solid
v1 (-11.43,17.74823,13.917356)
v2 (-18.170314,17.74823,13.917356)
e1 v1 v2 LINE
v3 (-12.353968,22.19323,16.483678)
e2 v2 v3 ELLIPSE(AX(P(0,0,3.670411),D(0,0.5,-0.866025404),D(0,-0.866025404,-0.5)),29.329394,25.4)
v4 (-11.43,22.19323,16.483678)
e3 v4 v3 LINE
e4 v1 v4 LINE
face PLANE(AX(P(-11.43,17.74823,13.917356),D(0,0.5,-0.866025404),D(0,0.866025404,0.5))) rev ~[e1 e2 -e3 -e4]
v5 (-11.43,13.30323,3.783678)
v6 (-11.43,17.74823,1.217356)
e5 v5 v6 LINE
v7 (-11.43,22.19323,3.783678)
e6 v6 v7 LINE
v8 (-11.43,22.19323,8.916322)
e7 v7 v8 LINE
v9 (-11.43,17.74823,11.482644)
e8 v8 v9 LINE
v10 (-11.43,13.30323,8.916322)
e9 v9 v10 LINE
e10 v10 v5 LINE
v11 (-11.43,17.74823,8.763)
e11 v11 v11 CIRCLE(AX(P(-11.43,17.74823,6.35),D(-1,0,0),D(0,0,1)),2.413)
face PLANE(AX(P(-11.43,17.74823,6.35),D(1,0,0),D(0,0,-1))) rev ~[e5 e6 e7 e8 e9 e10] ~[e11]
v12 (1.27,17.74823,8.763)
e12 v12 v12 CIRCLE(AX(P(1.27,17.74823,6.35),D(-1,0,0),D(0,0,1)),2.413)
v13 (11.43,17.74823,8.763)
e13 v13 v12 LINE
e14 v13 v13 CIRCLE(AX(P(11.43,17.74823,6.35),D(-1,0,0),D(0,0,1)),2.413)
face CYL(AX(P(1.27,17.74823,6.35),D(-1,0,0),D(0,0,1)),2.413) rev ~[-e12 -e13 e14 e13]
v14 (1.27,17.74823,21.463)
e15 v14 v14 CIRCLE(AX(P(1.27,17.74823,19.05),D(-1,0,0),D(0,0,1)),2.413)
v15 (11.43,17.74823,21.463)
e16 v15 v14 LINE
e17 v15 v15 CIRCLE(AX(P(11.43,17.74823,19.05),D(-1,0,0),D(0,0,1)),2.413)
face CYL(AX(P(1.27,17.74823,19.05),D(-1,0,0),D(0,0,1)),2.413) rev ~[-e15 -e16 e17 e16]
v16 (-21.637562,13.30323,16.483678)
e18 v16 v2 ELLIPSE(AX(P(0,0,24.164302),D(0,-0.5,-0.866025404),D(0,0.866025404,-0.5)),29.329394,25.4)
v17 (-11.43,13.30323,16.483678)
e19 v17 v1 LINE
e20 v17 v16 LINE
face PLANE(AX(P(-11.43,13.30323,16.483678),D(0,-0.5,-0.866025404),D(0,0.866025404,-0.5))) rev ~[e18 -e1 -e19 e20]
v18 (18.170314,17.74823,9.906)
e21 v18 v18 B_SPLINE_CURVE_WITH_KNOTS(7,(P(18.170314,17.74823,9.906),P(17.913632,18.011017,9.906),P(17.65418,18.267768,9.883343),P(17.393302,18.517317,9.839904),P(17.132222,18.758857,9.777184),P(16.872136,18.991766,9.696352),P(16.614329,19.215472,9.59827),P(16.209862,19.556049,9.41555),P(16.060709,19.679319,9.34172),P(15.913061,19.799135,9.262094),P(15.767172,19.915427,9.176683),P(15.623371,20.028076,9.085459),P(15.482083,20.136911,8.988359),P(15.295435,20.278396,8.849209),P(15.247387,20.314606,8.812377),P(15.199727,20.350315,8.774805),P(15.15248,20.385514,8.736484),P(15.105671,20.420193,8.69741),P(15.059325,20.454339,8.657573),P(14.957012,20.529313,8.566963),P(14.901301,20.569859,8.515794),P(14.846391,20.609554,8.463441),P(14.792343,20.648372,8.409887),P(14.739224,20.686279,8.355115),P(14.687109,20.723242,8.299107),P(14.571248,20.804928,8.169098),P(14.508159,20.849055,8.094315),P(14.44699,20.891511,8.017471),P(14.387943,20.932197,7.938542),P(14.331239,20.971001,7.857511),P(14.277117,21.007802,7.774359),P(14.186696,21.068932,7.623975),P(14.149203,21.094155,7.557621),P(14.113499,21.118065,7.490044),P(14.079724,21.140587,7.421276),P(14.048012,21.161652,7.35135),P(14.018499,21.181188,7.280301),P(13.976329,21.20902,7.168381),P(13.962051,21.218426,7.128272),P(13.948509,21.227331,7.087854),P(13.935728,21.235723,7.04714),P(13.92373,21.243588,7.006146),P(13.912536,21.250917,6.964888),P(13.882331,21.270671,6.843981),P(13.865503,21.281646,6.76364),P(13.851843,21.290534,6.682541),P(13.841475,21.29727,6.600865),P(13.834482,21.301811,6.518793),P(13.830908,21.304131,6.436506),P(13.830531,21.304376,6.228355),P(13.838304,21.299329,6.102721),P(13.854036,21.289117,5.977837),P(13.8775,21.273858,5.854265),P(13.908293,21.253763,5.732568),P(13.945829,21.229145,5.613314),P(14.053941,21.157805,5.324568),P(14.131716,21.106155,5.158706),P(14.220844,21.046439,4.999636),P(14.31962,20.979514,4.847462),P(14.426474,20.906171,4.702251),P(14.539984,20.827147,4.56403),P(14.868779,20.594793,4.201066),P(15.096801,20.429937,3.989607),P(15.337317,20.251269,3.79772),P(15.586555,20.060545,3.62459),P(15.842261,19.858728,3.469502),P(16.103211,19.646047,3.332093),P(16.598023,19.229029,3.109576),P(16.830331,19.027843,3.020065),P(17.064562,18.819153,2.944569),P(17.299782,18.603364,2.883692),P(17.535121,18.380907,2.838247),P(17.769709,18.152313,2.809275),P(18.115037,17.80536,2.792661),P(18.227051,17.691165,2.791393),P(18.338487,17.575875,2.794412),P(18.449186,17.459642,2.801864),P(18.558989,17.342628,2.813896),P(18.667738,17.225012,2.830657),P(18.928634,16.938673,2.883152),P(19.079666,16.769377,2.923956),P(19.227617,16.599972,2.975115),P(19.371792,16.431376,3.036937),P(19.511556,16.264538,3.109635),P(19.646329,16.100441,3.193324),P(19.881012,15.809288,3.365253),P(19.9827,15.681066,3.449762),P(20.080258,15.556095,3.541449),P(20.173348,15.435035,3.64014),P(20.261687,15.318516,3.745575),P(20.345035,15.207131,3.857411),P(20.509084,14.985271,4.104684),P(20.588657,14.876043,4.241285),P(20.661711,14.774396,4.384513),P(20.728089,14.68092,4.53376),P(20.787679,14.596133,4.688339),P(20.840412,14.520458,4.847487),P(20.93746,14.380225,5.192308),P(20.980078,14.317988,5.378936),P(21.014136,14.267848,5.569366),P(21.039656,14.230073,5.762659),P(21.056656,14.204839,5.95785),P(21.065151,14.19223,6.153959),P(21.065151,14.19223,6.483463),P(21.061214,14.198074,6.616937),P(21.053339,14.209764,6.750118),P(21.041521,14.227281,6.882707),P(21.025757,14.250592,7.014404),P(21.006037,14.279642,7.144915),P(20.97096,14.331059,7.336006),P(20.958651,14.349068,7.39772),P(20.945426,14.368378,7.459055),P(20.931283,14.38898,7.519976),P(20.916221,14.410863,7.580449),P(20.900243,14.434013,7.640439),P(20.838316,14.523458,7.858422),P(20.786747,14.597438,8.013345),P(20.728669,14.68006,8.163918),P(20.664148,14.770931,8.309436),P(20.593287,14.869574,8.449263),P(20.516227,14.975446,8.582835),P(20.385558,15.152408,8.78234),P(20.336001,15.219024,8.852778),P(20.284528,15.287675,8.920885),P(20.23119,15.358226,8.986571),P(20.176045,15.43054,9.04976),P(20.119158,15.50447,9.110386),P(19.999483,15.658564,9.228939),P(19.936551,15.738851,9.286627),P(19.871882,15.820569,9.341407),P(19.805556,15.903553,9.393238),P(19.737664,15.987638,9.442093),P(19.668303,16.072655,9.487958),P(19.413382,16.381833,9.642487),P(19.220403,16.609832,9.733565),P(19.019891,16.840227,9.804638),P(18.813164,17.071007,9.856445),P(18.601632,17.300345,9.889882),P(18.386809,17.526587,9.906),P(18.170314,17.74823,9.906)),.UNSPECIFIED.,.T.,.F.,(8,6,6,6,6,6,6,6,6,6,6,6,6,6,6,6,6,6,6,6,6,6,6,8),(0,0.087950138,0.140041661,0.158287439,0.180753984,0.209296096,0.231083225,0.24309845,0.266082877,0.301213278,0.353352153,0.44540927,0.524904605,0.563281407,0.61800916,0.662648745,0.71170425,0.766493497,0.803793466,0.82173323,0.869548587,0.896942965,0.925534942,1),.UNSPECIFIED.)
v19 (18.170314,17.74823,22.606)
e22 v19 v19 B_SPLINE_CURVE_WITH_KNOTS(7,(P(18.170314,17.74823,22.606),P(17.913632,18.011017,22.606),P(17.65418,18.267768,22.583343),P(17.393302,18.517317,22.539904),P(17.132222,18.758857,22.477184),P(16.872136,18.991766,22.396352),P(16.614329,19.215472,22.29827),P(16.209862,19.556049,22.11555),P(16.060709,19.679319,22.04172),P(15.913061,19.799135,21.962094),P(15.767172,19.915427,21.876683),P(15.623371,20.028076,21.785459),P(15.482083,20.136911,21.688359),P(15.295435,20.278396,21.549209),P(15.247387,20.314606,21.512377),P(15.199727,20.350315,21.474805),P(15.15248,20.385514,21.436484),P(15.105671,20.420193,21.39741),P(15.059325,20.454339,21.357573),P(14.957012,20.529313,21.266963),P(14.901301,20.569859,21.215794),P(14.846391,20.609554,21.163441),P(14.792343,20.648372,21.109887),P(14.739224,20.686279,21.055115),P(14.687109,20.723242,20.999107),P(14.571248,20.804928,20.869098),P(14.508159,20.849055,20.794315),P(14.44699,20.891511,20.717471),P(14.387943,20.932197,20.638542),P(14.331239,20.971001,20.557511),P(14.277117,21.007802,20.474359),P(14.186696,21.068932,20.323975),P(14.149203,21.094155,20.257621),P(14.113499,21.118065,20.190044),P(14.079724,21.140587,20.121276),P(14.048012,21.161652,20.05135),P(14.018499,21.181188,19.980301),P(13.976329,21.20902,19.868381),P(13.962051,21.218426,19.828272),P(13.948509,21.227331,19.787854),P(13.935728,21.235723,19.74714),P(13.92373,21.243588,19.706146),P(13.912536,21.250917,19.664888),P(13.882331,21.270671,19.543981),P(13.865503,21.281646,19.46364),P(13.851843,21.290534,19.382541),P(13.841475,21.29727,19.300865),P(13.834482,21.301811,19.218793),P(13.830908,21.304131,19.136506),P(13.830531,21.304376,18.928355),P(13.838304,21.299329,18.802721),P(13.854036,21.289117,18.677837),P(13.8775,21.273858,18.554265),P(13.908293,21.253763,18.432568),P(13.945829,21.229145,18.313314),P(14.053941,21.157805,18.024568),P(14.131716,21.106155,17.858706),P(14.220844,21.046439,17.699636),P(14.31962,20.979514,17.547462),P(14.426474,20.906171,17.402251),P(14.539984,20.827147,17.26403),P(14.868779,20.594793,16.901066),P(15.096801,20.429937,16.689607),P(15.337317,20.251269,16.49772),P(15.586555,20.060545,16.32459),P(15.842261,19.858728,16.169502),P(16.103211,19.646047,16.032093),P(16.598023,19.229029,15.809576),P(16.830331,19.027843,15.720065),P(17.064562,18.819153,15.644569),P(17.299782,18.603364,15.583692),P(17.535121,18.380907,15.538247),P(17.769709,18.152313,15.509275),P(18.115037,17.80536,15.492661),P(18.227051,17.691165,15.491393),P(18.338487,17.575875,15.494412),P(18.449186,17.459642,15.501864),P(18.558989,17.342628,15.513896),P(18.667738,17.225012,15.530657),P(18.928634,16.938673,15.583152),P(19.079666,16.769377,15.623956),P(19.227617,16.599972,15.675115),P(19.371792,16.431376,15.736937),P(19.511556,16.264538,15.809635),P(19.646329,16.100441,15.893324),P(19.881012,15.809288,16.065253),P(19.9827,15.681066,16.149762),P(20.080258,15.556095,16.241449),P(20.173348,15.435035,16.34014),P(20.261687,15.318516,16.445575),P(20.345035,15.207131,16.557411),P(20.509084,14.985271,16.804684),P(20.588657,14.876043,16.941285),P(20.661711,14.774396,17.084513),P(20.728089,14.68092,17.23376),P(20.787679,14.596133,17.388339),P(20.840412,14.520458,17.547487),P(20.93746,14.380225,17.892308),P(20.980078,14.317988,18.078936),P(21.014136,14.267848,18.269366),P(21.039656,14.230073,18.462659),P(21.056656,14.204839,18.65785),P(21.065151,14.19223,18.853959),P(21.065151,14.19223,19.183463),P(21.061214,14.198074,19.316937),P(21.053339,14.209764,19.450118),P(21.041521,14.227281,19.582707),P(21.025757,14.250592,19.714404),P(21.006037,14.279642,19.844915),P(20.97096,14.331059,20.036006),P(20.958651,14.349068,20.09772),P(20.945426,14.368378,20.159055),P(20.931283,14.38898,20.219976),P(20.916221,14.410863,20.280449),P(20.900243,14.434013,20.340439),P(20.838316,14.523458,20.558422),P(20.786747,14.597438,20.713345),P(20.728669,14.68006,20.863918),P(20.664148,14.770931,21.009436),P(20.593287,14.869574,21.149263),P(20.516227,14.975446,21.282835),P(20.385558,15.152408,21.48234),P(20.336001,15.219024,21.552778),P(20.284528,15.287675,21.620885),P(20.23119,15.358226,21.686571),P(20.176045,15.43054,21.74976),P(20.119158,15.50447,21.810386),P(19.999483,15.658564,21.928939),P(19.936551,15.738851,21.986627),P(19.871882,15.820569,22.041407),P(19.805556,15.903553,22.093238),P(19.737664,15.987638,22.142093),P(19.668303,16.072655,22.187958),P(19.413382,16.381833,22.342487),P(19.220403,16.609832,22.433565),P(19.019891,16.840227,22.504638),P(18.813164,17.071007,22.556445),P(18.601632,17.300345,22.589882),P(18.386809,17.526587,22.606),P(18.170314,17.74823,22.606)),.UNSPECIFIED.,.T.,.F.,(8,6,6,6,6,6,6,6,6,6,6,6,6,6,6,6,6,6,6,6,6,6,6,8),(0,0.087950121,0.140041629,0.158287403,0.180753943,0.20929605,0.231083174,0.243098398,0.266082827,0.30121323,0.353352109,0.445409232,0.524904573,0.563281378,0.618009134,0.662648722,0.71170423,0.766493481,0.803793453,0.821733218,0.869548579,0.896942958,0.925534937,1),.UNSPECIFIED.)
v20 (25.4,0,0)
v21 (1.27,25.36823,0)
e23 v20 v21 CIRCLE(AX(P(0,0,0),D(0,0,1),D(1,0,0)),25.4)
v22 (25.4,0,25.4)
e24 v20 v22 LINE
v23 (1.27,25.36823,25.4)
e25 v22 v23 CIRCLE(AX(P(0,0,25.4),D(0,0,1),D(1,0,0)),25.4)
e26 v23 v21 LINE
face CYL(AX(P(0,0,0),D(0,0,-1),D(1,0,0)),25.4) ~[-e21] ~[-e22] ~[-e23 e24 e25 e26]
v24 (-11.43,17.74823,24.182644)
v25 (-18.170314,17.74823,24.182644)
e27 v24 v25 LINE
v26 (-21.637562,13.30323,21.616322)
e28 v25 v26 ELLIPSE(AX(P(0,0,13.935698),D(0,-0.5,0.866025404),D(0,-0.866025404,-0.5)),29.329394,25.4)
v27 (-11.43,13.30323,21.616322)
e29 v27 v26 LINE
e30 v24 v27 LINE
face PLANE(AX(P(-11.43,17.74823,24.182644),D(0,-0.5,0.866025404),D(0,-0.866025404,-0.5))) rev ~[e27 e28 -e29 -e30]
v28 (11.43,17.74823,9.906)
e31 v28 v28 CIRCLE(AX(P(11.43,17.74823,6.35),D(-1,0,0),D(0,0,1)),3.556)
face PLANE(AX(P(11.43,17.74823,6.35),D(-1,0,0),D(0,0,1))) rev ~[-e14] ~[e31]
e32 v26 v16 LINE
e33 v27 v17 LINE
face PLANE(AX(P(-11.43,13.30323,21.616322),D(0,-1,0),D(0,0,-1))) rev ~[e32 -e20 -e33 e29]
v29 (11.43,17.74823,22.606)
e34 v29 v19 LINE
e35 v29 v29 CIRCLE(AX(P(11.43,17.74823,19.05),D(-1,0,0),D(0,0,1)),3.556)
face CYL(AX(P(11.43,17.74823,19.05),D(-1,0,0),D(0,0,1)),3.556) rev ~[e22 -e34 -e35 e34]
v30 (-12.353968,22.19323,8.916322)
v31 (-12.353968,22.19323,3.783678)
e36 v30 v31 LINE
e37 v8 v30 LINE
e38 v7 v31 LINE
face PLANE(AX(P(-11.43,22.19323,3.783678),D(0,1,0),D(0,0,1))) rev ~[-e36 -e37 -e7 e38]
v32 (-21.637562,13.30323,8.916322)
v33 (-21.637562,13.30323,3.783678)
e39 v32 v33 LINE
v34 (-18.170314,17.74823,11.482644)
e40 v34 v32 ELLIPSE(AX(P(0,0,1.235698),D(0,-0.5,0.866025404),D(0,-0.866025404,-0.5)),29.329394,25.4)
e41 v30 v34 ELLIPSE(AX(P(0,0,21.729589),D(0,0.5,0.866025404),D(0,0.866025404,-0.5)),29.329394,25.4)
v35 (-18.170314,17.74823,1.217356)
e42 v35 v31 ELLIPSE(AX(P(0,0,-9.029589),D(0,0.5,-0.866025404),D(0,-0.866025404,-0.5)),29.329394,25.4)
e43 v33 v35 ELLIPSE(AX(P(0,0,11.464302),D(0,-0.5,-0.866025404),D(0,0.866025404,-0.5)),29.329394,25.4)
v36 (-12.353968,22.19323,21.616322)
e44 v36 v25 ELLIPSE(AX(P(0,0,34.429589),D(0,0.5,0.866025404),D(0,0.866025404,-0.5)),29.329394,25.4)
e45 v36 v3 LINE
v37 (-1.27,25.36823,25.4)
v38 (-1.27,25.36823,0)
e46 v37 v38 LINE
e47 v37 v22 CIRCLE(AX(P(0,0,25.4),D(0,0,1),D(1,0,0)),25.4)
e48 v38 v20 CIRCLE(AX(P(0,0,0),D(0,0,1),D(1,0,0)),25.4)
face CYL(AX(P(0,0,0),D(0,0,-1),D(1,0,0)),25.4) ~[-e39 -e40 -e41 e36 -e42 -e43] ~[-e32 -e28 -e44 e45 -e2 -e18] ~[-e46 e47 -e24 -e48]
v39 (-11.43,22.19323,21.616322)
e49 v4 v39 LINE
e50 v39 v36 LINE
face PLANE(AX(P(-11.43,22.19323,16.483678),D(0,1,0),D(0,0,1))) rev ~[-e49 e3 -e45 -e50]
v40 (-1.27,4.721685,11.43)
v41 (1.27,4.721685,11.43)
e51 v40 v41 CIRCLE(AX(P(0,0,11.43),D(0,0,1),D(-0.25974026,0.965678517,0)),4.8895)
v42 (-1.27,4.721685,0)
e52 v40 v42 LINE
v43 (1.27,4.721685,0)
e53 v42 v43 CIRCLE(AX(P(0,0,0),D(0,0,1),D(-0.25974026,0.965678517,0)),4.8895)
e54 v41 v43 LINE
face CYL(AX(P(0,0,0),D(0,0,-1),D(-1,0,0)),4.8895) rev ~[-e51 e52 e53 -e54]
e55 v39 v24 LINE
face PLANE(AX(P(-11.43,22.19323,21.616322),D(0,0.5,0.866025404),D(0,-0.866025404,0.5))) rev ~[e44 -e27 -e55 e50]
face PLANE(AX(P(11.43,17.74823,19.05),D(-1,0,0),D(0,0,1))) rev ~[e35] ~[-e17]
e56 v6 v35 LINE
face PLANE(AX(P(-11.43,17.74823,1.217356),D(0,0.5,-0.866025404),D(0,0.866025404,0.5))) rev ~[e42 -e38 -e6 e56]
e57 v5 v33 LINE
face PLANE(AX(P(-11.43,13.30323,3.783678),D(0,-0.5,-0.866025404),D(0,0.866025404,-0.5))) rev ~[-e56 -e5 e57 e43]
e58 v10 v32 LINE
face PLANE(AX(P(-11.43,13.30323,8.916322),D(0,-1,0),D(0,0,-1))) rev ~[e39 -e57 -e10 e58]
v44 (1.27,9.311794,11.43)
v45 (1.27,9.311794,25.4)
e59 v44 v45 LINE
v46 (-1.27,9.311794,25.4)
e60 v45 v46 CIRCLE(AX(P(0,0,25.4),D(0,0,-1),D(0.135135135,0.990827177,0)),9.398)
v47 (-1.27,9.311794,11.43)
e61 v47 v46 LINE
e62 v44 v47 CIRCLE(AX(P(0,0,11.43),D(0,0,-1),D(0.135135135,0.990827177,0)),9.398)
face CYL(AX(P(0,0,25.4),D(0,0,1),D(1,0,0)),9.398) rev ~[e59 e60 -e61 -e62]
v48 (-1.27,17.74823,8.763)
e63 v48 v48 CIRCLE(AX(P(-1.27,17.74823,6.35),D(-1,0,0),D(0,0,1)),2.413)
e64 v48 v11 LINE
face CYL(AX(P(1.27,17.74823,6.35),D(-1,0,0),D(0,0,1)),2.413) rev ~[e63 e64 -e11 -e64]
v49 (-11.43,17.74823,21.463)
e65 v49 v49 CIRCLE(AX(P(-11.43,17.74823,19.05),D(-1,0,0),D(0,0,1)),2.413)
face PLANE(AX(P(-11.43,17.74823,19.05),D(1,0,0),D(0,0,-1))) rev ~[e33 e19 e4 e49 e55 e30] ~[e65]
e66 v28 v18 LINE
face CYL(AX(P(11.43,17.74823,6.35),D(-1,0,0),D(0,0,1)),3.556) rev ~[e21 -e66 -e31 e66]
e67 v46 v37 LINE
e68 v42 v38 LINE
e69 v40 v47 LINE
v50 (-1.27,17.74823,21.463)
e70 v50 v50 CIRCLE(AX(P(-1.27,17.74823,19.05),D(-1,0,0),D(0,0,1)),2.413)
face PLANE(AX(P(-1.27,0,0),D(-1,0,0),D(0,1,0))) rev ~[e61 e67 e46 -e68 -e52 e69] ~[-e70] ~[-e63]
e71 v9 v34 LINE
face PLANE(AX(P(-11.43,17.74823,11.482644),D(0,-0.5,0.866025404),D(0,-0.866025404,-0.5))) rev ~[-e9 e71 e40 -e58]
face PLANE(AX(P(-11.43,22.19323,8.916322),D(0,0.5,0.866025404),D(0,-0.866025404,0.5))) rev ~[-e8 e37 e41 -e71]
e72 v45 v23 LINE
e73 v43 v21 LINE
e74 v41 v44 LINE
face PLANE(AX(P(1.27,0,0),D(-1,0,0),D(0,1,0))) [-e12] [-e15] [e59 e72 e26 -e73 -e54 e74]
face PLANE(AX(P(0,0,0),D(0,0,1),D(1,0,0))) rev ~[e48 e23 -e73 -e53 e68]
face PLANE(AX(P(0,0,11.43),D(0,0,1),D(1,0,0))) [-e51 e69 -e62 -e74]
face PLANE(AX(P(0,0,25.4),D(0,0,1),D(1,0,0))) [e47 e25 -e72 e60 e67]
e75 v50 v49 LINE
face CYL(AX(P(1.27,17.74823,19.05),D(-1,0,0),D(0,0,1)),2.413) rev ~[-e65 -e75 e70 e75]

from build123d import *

# Parameters (mm, degrees)
SKETCH1_R                       = 25.4
BOSS_EXTRUDE1_DEPTH             = 25.4
SKETCH2_R                       = 4.8895
CUT_EXTRUDE1_DEPTH              = 11.43
SKETCH3_R                       = 9.398
CUT_EXTRUDE2_DEPTH              = 13.97
DIVIDE_REACH                    = 45.994
SKETCH7_W                       = 2.54
SKETCH7_H                       = 25.4
SKETCH8_R                       = 2.413
F_4_40_THROUGH_HOLE_DEPTH       = 45.739343983
SKETCH9_R                       = 3.556
F_4_40_HEAD_CLEARANCE_DEPTH     = 52.446758086
F_4_40_HEX_NUT_DEPRESSION_DEPTH = 52.446758086
LPATTERN1_COUNT                 = 2
LPATTERN1_PITCH                 = 12.7


with BuildPart() as part:
    # Sketch1 → Boss-Extrude1 (new body)
    with BuildSketch(Plane.XY):
        Circle(SKETCH1_R)
    extrude(amount=BOSS_EXTRUDE1_DEPTH)

    # Sketch2 → Cut-Extrude1 (cut)
    with BuildSketch(Plane(origin=(0, 0, 0), x_dir=(-1, 0, 0), z_dir=(0, 0, -1))):
        Circle(SKETCH2_R)
    extrude(amount=-CUT_EXTRUDE1_DEPTH, mode=Mode.SUBTRACT)

    # Sketch3 → Cut-Extrude2 (cut)
    with BuildSketch(Plane.XY.offset(25.4)):
        Circle(SKETCH3_R)
    extrude(amount=-CUT_EXTRUDE2_DEPTH, mode=Mode.SUBTRACT)

    # Sketch7 → Divide (cut, up to next)
    with BuildSketch(Plane(origin=(0, 0, 0), x_dir=(-1, 0, 0), z_dir=(0, 0, -1)), mode=Mode.PRIVATE) as divide_sk1:
        with Locations((0, 12.7)):
            Rectangle(SKETCH7_W, SKETCH7_H)
    divide_tool1 = extrude(divide_sk1.sketch, amount=-DIVIDE_REACH, mode=Mode.PRIVATE) & part.part
    add(divide_tool1.solids().sort_by_distance((0, 12.7, 0))[0], mode=Mode.SUBTRACT)

    # Sketch8 → 4-40 through hole (cut, symmetric)
    with BuildSketch(Plane.ZY.offset(-1.27)):
        with Locations((19.05, 17.748230131)):
            Circle(SKETCH8_R)
    f_4_40_through_hole = extrude(amount=F_4_40_THROUGH_HOLE_DEPTH, both=True, mode=Mode.SUBTRACT)

    # Sketch9 → 4-40 head clearance (cut, through all)
    with BuildSketch(Plane.ZY.offset(-11.43)):
        with Locations((19.05, 17.748230131)):
            Circle(SKETCH9_R)
    f_4_40_head_clearance = extrude(amount=-F_4_40_HEAD_CLEARANCE_DEPTH, mode=Mode.SUBTRACT)

    # Sketch10 → 4-40 hex nut depression (cut, through all)
    with BuildSketch(Plane(origin=(-11.43, 0, 0), x_dir=(0, 0, -1), z_dir=(1, 0, 0))):
        Polygon((-21.616321947, 13.303230131), (-16.483678053, 13.303230131), (-13.917356107, 17.748230131), (-16.483678053, 22.193230131), (-21.616321947, 22.193230131), (-24.182643893, 17.748230131), align=None)
    f_4_40_hex_nut_depression = extrude(amount=-F_4_40_HEX_NUT_DEPRESSION_DEPTH, mode=Mode.SUBTRACT)

    # LPattern1: 4-40 through hole, 4-40 head clearance, 4-40 hex nut depression ×2
    with Locations(*[(0, 0, -i * LPATTERN1_PITCH) for i in range(1, LPATTERN1_COUNT)]):
        add(f_4_40_through_hole, mode=Mode.SUBTRACT)
        add(f_4_40_head_clearance, mode=Mode.SUBTRACT)
        add(f_4_40_hex_nut_depression, mode=Mode.SUBTRACT)


solid = part.part
